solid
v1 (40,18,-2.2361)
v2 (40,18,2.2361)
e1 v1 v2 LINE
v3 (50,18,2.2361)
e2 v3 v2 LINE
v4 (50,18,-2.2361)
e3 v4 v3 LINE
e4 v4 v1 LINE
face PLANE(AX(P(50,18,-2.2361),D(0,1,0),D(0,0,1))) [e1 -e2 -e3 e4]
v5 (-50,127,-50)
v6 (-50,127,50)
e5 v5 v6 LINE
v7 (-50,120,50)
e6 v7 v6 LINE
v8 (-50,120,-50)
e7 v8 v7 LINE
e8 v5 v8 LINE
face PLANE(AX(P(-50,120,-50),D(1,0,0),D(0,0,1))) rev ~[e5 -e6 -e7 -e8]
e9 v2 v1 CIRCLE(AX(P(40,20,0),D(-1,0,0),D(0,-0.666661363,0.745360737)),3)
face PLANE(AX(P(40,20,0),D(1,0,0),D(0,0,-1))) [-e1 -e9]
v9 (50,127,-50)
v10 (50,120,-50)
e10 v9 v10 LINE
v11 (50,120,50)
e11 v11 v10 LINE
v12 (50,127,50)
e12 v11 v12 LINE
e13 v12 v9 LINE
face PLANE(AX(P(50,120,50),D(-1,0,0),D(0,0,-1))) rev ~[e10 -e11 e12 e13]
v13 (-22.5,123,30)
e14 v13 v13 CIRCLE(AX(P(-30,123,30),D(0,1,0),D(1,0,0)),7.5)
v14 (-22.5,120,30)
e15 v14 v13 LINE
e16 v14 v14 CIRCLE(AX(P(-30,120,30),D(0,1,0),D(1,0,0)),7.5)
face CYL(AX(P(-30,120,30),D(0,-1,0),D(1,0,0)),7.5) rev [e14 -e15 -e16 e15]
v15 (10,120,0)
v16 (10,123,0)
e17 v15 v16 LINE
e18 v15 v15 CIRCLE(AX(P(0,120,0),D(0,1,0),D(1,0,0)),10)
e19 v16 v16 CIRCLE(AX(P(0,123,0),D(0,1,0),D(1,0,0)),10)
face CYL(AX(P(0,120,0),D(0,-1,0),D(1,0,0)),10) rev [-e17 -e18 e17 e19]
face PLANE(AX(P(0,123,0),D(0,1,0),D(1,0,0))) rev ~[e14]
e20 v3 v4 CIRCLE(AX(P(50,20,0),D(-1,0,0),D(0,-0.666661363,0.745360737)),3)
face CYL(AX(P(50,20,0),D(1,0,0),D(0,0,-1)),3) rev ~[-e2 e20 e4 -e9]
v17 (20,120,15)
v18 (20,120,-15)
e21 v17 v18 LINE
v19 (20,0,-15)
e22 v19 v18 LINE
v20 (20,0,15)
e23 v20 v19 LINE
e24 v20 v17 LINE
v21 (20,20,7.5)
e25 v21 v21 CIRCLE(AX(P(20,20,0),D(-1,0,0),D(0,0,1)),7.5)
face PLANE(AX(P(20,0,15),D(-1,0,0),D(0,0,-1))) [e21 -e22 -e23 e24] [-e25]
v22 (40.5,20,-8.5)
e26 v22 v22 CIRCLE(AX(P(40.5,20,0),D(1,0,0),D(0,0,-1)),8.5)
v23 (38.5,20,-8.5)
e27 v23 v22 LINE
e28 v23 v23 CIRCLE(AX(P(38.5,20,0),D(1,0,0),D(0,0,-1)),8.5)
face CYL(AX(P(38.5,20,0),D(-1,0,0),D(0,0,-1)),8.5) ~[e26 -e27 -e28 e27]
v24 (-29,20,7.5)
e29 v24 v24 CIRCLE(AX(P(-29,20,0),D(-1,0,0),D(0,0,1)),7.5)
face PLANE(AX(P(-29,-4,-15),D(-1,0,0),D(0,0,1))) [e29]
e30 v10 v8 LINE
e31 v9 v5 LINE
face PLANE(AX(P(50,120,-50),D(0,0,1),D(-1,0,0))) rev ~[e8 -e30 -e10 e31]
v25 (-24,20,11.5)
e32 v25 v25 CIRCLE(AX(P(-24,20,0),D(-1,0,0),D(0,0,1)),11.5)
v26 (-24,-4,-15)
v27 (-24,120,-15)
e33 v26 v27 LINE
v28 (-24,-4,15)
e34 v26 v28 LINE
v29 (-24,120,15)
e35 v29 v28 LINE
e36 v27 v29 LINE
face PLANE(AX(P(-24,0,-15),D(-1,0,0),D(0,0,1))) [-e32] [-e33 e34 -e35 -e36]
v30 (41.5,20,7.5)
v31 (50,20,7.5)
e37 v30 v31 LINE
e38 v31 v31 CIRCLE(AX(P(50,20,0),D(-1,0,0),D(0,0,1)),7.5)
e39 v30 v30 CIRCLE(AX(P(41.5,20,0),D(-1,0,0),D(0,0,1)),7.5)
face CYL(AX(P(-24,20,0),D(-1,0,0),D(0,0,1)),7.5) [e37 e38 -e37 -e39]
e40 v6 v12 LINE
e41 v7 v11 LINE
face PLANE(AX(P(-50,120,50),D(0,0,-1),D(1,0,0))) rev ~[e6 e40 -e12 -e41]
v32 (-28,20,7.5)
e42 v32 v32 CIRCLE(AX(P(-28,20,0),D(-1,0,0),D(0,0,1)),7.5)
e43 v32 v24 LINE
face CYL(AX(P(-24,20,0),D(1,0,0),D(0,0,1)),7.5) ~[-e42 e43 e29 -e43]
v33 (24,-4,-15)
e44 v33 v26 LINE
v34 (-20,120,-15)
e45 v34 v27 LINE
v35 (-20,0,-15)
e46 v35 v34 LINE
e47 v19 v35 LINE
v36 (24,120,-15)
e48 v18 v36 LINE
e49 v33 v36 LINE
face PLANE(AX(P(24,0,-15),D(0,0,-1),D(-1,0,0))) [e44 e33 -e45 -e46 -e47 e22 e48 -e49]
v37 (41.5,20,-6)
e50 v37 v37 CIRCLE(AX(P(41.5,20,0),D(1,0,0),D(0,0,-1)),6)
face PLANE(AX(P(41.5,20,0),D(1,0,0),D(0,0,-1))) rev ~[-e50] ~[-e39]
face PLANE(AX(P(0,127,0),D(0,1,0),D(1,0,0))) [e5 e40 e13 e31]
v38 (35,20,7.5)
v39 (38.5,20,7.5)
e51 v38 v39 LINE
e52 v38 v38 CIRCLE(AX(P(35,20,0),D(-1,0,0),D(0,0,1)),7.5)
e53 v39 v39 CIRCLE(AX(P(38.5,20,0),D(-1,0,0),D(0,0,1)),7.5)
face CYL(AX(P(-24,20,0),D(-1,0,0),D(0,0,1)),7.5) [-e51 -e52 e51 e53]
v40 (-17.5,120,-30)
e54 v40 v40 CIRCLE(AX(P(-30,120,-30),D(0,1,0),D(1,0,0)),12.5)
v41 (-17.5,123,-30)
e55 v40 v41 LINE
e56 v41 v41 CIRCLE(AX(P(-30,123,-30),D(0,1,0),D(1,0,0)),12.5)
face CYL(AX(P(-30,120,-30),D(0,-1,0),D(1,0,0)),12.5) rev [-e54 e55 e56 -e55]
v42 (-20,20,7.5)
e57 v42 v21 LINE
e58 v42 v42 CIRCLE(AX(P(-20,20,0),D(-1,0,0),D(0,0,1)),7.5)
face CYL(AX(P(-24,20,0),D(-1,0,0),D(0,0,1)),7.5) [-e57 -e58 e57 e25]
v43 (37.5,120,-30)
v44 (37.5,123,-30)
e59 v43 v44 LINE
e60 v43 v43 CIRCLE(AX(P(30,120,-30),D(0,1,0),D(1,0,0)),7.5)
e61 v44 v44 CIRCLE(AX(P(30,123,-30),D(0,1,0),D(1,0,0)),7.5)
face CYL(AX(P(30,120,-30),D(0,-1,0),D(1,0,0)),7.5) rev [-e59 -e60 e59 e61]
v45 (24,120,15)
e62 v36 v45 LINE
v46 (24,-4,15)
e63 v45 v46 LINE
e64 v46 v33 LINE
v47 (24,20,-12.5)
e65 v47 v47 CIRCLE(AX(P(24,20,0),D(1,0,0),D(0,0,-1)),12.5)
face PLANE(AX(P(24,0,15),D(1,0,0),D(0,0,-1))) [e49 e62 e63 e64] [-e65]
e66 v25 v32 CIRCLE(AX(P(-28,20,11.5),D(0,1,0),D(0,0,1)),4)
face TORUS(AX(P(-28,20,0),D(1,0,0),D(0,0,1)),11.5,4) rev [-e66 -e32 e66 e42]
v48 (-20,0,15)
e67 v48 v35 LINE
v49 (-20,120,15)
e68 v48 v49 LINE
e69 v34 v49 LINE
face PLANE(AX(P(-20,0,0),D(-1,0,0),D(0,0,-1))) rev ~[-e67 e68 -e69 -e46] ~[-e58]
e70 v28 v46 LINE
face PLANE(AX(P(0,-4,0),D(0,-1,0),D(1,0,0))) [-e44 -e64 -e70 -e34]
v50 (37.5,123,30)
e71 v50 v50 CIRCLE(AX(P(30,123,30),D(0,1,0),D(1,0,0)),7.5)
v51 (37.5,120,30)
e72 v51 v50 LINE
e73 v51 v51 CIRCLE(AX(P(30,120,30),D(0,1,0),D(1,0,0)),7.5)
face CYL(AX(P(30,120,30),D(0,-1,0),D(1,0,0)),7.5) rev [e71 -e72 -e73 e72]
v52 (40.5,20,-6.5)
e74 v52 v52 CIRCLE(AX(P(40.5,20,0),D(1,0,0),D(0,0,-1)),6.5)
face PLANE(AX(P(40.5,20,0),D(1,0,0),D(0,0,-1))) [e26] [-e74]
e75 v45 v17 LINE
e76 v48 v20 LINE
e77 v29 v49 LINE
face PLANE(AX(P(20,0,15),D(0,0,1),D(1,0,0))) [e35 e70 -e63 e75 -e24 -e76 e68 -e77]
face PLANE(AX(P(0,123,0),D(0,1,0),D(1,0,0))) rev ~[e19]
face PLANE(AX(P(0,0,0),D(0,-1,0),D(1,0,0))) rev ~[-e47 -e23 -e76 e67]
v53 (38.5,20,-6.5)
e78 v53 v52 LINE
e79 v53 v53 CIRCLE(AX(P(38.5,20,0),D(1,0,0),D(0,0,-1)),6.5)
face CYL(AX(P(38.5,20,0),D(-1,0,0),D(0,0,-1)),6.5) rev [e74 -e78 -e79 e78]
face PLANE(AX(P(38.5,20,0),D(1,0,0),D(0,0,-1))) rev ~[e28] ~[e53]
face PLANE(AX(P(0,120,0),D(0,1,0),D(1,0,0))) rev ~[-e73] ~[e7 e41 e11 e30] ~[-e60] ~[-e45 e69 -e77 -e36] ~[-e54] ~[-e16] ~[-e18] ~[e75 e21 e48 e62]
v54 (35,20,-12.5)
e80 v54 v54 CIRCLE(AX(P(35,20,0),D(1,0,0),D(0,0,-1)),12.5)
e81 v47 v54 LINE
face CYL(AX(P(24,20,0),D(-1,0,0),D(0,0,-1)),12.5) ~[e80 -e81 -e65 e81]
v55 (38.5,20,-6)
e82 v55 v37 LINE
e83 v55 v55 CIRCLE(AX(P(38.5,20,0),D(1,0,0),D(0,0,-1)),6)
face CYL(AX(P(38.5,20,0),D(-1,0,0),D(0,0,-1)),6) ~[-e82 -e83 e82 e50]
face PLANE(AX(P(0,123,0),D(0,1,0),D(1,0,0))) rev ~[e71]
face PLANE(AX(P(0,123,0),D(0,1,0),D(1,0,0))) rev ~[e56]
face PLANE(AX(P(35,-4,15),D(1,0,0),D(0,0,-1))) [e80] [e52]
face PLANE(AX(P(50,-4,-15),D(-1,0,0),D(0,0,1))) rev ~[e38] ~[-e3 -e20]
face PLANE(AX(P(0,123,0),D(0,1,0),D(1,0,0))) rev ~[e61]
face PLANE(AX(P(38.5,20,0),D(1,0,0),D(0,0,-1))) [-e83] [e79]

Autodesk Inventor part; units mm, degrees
ref_plane "YZ Plane" through (0, 0, 0) normal (1, 0, 0) x (0, 1, 0)
ref_plane "XZ Plane" through (0, 0, 0) normal (0, 1, 0) x (-1, 0, 0)
sketch "Sketch1" plane through (0, 0, 0) normal (0, 1, 0) x (-1, 0, 0)
  line L0 (0, 0) -> (20, 0)
  line L1 (24, 15) -> (20, 15)
  line L2 (20, 15) -> (20, -15)
  line L3 (20, -15) -> (24, -15)
  line L4 (24, -15) -> (24, 15)
  line L5 (0, 0) -> (0, -10) construction
  line L6 (-24, 15) -> (-20, 15)
  line L7 (-20, 15) -> (-20, -15)
  line L8 (-20, -15) -> (-24, -15)
  line L9 (-24, -15) -> (-24, 15)
  point P0 (-20, 0)
  dimension "d0" = 20
  dimension "d1" = 30
  dimension "d2" = 4
  dimension "d3" = 15
extrude "Extrusion1" add sketch "Sketch1" along normal blind 120
sketch "Sketch2" plane through (-24, 0, -15) normal (-1, 0, 0) x (0, 0, 1)
  circle A0 centre (15, 20) radius 7.5
  line L0 (0, 0) -> (30, 0) projected
  point P0 (15, 0)
  dimension "d6" = 20
  dimension "d7" = 15
extrude "Extrusion2" cut sketch "Sketch2" against normal up to surface (48 mm away)
sketch "Sketch3" plane through (0, 0, 0) normal (0, -1, 0) x (1, 0, 0)
  line L0 (24, 15) -> (24, -15) projected
  line L1 (-24, -15) -> (-24, 15) projected
  line L2 (24, -15) -> (-24, -15)
  line L3 (20, 15) -> (24, 15) projected
  line L4 (-24, 15) -> (24, 15)
  point P0 (0, 0)
extrude "Extrusion3" add sketch "Sketch3" along normal blind 4
sketch "Sketch4" plane through (24, 120, 15) normal (1, 0, 0) x (0, 0, -1)
  circle A0 centre (15, -100) radius 7.5 projected
  circle A1 centre (15, -100) radius 12.5
  point P0 (15, -120)
  dimension "d12" = 25
extrude "Extrusion4" cut sketch "Sketch4" against normal blind 1
sketch "Sketch6" plane through (0, 120, 0) normal (0, 1, 0) x (1, 0, 0)
  line L0 (-50, -50) -> (50, -50)
  line L1 (50, -50) -> (50, 50)
  line L2 (50, 50) -> (-50, 50)
  line L3 (-50, 50) -> (-50, -50)
  line L4 (-50, -50) -> (50, 50) construction
  line L5 (50, -50) -> (-50, 50) construction
  circle A0 centre (-30, 30) radius 12.5
  circle A1 centre (-30, -30) radius 7.5
  circle A2 centre (30, 30) radius 7.5
  circle A3 centre (30, -30) radius 7.5
  circle A4 centre (0, 0) radius 10
  dimension "d15" = 100
  dimension "d16" = 100
  dimension "d17" = 30
  dimension "d18" = 25
  dimension "d20" = 15
  dimension "d21" = 20
extrude "Extrusion5" add sketch "Sketch6" along normal blind 3
sketch "Sketch7" plane through (0, 123, 0) normal (0, 1, 0) x (1, 0, 0)
  line L0 (50, 50) -> (-50, 50) projected
  line L1 (-50, 50) -> (-50, -50) projected
  line L2 (-50, -50) -> (50, -50) projected
  line L3 (50, -50) -> (50, 50) projected
  circle A0 centre (-30, 30) radius 12.5 projected
  circle A1 centre (-30, -30) radius 7.5 projected
  circle A2 centre (30, 30) radius 7.5 projected
  circle A3 centre (30, -30) radius 7.5 projected
  circle A4 centre (0, 0) radius 10 projected
extrude "Extrusion6" add sketch "Sketch7" along normal blind 4 contours L3 L2 L1 L0 | A0 | A1 | A2 | A3 | A4
sketch "Sketch8" plane through (24, -4, 15) normal (1, 0, 0) x (0, 0, -1)
  circle A0 centre (15, 24) radius 12.5 projected
  circle A1 centre (15, 24) radius 7.5 projected
  point P0 (15, 4)
extrude "Extrusion7" add sketch "Sketch8" along normal blind 11 and the other way blind 1
sketch "Sketch9" plane through (-24, -4, -15) normal (-1, 0, 0) x (0, 0, 1)
  circle A0 centre (15, 24) radius 7.5 projected
  point P0 (15, 4)
extrude "Extrusion8" add sketch "Sketch9" along normal blind 5 and the other way blind 74
sketch "Sketch10" plane through (50, 20, 0) normal (1, 0, 0) x (0, 0, -1)
  circle A0 centre (0, 0) radius 7.5 projected
  circle A1 centre (0, 0) radius 3
  line L0 (2.2361, -2) -> (-2.2361, -2)
  point P0 (0, -20)
  dimension "d34" = 6
  dimension "d35" = 2
extrude "Extrusion9" cut sketch "Sketch10" against normal blind 10 contours A1 L0 picked at (0.8351, -0.0457)
ref_plane "Work Plane1" through (38.5, 20, 0) normal (1, 0, 0) x (0, 0, -1)
sketch "Sketch11" plane through (38.5, 20, 0) normal (1, 0, 0) x (0, 0, -1)
  circle A0 centre (0, 0) radius 7.5 projected
  circle A1 centre (0, 0) radius 6
  point P0 (0, -20)
  dimension "d39" = 12
extrude "Extrusion10" cut sketch "Sketch11" along normal blind 3
sketch "Sketch12" plane through (38.5, 20, 0) normal (1, 0, 0) x (0, 0, -1)
  circle A0 centre (0, 0) radius 7.5 projected
  circle A1 centre (0, 0) radius 7.5 projected
  circle A2 centre (0, 0) radius 7.5 projected
  circle A3 centre (0, 0) radius 6.5
  circle A4 centre (0, 0) radius 8.5
  point P0 (0, -20)
  dimension "d42" = 13
  dimension "d43" = 17
extrude "Extrusion11" add sketch "Sketch12" along normal blind 2 contours A0 | A4
fillet "Fillet1" radius 4 1 edges at (-24, 20, -7.5)
equation "\"d3\" = 0.5 * d1"
properties part number "manufacturing link-4" material "Steel, Mild"
